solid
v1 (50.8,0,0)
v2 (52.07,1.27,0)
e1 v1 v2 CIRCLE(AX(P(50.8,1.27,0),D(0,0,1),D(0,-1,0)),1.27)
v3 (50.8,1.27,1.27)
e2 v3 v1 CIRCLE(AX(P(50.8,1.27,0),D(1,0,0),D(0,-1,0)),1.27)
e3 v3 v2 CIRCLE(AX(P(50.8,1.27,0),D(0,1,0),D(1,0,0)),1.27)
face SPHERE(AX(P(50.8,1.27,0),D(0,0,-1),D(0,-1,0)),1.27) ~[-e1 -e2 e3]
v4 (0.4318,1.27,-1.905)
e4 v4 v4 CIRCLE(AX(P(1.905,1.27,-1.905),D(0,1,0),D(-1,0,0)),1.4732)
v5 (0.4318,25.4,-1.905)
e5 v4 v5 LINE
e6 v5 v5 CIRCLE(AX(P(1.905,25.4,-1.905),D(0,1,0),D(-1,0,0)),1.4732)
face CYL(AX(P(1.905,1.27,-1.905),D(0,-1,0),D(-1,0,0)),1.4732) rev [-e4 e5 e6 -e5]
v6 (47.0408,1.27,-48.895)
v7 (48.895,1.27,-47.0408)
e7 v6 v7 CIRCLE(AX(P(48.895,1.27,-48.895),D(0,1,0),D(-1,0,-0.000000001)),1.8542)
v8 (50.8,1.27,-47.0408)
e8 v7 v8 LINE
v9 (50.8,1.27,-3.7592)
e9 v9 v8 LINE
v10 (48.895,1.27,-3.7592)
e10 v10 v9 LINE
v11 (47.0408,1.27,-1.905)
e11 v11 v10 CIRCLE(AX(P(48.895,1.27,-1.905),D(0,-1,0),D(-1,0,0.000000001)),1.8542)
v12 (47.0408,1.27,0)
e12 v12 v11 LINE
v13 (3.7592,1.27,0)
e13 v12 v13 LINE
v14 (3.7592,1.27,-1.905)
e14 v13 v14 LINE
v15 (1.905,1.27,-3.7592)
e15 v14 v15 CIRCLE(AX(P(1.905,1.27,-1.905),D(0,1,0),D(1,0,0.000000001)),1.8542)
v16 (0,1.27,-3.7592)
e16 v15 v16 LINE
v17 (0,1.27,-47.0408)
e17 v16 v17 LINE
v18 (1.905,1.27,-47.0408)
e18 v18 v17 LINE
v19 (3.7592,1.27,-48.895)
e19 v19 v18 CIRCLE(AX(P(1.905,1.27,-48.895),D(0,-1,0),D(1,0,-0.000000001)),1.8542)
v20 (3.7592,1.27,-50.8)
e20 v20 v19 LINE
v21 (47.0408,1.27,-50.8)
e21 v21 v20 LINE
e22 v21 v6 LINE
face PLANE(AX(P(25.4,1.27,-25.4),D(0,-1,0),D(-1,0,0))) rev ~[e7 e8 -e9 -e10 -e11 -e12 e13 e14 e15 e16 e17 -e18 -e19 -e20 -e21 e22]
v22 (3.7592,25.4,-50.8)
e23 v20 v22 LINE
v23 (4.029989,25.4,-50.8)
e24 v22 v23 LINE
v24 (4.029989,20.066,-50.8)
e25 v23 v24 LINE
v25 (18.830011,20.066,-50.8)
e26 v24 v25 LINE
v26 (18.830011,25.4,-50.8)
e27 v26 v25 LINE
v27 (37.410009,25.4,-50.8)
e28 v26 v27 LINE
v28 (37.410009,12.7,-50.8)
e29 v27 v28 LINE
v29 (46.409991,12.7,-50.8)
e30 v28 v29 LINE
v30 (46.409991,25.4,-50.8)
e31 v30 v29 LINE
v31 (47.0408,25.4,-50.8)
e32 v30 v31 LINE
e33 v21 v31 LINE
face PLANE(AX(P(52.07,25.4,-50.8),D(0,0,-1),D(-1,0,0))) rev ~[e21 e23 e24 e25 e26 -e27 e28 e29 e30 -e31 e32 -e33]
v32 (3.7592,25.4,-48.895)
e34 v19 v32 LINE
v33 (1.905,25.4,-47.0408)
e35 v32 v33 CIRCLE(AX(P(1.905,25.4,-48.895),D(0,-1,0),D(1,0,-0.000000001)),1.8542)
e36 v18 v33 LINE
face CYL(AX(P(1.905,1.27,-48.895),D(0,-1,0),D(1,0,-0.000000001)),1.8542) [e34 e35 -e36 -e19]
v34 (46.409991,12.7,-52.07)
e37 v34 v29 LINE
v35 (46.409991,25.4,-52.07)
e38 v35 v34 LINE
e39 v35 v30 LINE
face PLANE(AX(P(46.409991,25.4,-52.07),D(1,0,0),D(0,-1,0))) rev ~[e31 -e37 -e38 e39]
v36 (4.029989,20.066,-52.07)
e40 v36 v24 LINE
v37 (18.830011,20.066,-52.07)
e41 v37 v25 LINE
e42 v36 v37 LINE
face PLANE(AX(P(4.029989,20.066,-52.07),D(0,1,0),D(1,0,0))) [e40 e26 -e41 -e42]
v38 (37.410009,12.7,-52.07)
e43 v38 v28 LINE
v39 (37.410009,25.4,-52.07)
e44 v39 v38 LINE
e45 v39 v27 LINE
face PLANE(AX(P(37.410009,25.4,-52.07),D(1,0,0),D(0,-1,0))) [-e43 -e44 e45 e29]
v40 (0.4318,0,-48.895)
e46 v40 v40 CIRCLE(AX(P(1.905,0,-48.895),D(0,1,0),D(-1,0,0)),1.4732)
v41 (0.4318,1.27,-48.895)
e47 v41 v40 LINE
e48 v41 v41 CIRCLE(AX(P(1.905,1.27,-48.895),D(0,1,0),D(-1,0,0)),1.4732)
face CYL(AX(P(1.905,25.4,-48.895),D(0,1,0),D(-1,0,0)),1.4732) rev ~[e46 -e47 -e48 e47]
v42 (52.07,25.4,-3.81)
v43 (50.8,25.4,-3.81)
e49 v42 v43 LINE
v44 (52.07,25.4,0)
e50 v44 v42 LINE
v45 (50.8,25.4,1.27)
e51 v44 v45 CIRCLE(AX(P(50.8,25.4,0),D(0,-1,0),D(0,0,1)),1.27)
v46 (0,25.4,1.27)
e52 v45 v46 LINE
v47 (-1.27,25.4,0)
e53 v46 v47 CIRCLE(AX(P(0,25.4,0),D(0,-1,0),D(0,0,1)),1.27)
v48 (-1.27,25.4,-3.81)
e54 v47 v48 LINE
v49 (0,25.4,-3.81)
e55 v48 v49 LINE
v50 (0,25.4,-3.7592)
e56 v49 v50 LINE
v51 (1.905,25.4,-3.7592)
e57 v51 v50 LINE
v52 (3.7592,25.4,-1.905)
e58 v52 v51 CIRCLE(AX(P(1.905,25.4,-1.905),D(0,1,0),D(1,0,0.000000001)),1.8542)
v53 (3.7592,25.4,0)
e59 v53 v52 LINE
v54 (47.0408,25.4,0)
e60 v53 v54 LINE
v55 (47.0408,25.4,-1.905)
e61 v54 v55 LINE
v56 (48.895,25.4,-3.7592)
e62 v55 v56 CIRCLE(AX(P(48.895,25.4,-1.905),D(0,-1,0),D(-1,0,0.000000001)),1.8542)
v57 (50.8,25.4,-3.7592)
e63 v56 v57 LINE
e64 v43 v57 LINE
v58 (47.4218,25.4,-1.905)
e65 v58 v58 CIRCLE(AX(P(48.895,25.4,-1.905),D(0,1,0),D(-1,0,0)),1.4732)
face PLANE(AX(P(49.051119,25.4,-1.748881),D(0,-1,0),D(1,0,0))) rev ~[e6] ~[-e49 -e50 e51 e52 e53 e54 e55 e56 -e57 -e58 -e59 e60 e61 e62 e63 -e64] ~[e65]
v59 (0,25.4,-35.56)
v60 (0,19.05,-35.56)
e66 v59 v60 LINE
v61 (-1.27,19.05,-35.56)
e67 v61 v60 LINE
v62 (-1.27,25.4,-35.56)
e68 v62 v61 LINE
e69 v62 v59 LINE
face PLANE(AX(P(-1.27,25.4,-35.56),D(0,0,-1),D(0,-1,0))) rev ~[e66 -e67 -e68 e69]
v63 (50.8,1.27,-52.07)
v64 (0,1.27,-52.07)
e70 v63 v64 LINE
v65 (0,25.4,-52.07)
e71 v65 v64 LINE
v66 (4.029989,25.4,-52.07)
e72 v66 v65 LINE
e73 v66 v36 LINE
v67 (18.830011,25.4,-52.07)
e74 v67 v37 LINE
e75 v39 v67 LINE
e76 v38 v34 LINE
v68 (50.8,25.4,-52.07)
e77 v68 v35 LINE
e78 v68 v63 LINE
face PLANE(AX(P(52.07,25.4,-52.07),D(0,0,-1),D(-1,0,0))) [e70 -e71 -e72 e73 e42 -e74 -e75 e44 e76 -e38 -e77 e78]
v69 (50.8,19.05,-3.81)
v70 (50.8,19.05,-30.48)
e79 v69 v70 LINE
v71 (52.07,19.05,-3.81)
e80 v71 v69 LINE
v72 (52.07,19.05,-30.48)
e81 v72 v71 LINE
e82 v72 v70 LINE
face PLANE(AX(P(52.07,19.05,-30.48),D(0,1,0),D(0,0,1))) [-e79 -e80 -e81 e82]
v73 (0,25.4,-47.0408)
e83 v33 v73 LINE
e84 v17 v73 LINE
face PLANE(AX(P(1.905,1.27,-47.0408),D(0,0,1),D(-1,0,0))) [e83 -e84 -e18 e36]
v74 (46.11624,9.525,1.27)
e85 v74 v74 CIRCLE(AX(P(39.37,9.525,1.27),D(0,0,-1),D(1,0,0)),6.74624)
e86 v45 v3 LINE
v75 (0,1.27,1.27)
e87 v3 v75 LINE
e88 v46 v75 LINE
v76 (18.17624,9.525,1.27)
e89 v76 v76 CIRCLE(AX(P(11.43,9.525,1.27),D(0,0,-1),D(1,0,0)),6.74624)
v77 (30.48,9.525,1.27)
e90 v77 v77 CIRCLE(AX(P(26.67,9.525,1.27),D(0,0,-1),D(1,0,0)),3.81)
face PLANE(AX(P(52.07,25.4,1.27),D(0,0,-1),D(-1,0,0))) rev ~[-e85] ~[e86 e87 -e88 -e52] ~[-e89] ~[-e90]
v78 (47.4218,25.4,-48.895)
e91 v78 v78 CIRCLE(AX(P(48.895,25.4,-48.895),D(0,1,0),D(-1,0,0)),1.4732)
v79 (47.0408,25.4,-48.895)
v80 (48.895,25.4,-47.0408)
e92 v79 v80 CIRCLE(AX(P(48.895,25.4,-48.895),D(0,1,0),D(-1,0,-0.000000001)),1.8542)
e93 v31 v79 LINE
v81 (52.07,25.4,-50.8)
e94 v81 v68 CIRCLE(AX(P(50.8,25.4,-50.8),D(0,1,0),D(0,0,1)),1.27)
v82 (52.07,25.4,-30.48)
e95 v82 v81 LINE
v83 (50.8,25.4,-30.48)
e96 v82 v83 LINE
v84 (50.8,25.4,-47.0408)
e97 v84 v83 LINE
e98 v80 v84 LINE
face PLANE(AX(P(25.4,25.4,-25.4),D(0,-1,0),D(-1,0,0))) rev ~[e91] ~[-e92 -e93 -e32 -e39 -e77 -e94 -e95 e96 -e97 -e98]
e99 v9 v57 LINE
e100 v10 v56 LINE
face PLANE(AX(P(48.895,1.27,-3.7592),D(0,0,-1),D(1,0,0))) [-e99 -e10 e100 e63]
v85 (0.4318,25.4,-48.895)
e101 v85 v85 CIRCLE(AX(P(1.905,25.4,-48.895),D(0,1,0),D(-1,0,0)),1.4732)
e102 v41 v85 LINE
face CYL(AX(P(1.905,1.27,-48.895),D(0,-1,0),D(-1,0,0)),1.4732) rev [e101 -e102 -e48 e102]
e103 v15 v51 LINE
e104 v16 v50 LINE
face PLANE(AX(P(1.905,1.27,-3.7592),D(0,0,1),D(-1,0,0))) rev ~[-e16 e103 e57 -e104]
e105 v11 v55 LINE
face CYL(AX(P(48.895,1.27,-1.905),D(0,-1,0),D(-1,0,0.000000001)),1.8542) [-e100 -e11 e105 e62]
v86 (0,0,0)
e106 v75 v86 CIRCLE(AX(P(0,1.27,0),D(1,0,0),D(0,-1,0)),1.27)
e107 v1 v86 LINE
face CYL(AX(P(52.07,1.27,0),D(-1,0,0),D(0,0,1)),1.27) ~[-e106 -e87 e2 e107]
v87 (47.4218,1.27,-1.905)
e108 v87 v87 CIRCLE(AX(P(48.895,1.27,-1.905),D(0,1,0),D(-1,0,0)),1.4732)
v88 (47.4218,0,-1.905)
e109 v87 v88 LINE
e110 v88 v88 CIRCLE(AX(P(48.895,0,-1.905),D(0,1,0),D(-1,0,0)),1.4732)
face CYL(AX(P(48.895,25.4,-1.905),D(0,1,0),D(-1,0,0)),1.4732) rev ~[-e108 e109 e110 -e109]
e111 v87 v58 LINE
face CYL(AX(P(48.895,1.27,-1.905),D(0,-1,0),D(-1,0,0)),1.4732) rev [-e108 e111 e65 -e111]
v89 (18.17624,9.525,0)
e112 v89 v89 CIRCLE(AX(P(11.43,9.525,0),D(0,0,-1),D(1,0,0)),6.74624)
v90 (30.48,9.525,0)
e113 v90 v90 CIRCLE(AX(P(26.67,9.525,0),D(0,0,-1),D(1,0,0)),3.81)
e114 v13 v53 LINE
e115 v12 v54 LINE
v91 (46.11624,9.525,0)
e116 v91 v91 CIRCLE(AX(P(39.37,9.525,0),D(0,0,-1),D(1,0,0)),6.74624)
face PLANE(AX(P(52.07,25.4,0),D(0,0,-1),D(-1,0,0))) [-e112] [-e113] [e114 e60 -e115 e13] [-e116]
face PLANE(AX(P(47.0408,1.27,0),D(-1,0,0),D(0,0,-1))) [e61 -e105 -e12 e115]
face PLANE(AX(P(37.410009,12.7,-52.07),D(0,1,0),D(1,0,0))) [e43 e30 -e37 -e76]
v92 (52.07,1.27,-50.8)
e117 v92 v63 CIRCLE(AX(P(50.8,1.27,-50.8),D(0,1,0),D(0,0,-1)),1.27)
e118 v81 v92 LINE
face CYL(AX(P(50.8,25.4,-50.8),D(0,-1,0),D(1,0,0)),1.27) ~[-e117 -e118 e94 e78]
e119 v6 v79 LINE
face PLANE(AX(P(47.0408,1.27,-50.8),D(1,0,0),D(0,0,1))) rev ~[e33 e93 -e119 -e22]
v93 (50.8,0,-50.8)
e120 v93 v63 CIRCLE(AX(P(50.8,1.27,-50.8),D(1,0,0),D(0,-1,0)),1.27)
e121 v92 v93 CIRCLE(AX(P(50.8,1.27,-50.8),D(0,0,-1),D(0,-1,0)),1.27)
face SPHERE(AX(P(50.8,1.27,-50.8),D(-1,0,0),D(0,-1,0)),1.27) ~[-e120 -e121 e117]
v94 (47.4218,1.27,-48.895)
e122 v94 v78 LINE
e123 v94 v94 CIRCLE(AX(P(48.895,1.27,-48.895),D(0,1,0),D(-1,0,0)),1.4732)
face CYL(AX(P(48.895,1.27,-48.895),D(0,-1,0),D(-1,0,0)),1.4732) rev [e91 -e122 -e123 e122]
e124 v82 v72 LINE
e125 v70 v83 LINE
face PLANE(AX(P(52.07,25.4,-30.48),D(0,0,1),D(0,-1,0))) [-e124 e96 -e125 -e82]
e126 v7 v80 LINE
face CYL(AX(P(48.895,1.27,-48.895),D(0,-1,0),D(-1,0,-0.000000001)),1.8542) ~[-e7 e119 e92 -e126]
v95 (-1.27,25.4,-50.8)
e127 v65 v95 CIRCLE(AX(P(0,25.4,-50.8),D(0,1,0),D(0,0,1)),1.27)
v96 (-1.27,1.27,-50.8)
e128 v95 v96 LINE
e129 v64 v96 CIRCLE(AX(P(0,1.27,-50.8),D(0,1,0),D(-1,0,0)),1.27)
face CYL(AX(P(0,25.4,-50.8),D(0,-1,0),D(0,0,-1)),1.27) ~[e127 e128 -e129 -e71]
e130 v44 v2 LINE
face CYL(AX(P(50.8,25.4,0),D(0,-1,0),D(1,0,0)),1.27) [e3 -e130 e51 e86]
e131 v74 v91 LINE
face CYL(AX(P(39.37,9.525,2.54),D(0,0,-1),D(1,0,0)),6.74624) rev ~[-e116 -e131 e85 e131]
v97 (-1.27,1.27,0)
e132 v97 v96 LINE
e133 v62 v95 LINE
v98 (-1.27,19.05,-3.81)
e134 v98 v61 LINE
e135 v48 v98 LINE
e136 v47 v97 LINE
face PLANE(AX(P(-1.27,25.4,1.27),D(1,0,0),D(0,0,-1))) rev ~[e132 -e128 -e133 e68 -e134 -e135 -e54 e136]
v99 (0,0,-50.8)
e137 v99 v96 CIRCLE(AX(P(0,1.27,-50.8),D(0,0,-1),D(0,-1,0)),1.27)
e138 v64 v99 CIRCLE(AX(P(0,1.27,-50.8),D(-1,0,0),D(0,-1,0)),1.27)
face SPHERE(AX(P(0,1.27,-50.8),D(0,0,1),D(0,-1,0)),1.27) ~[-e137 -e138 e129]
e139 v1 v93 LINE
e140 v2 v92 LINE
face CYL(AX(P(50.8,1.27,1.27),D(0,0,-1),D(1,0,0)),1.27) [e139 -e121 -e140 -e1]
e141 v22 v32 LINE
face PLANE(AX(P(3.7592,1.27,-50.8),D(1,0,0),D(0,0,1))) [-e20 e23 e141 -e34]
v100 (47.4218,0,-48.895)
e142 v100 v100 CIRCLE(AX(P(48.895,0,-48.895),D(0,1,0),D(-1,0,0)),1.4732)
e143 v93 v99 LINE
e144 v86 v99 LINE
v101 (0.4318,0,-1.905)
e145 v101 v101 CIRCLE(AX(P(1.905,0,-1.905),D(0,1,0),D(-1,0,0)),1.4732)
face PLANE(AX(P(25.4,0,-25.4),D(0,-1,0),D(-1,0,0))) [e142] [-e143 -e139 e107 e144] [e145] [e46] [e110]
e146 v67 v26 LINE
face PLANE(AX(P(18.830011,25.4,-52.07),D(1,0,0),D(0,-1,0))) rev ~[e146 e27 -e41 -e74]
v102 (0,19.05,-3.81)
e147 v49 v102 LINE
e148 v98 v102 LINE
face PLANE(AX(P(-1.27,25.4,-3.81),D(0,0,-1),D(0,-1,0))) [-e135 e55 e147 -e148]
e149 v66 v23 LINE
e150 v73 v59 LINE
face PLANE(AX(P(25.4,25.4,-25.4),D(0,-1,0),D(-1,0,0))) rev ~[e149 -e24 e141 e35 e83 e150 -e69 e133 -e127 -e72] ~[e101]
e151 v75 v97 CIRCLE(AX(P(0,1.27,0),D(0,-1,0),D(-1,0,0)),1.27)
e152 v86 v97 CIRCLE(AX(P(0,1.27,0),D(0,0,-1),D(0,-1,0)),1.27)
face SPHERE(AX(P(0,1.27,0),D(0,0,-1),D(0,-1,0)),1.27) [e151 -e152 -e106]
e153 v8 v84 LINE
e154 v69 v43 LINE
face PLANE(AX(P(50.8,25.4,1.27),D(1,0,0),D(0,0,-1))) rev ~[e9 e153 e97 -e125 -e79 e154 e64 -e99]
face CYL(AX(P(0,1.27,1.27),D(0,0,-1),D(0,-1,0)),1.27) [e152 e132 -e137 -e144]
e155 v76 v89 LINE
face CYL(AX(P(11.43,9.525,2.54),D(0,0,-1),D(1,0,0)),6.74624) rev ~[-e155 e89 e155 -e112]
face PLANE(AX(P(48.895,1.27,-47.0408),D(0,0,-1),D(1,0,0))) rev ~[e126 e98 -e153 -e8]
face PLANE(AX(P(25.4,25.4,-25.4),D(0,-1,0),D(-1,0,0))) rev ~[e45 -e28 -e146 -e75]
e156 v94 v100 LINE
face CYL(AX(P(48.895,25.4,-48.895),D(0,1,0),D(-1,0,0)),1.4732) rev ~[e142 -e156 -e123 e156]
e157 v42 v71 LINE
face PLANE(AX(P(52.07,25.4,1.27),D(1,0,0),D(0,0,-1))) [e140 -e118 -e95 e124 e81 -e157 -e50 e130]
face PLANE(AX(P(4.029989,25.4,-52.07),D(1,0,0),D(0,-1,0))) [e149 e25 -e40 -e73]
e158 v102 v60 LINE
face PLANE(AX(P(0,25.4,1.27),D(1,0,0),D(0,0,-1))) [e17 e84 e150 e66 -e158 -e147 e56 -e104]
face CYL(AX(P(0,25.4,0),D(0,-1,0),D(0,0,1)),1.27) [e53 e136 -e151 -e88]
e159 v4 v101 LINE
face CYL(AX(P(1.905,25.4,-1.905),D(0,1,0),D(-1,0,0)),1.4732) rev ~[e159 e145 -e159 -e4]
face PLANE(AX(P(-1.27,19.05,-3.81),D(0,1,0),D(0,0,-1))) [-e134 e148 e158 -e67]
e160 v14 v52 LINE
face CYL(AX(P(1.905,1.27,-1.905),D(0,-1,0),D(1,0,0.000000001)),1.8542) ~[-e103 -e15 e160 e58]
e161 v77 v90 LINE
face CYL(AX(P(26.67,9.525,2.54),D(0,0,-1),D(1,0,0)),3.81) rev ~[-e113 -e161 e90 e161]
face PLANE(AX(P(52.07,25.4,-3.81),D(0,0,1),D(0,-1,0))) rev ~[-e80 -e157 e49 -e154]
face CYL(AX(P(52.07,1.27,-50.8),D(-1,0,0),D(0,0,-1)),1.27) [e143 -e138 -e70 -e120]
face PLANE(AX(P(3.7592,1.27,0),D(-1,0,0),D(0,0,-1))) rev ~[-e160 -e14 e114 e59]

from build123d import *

# Parameters (mm, degrees)
SKETCH4_W                        = 53.34
SKETCH4_H                        = 53.34
BOSS_EXTRUDE2_DEPTH              = 25.4
SHELL1_T                         = -1.27
SKETCH13_W                       = 14.8000212
SKETCH13_H                       = 5.334
SKETCH13_W_2                     = 8.999982
SKETCH13_H_2                     = 12.7
CUT_EXTRUDE5_DEPTH               = 1.27
F_1_2_CLEARANCE_HOLE2_D          = 13.49248
F_1_2_CLEARANCE_HOLE2_DEPTH      = 1.27
F_97_0_0059_DIAMETER_HOLE1_D     = 7.62
F_97_0_0059_DIAMETER_HOLE1_DEPTH = 1.27
FILLET2_R                        = 1.27
CUT_EXTRUDE6_REACH               = 55.34
SKETCH24_W                       = 31.75
SKETCH24_H                       = 6.35
CUT_EXTRUDE7_REACH               = 55.34
SKETCH26_W                       = 26.67
SKETCH26_H                       = 6.35
SKETCH27_R                       = 1.4732
BOSS_EXTRUDE3_DEPTH              = 24.13
SKETCH28_R                       = 1.4732
CUT_EXTRUDE8_DEPTH               = 26.4
BODY_MOVE_COPY1_ANGLE            = 180


with BuildPart() as part:
    # Sketch4 → Boss-Extrude2 (new body)
    with BuildSketch(Plane(origin=(0, 0, 0), x_dir=(1, 0, 0), z_dir=(0, 1, 0))):
        with Locations((25.4, 25.4)):
            Rectangle(SKETCH4_W, SKETCH4_H)
    extrude(amount=BOSS_EXTRUDE2_DEPTH)

    # Shell1
    shell1_openings = [part.faces().sort_by_distance(p)[0] for p in [
        (25.4, 0, -25.4),
    ]]
    offset(amount=SHELL1_T, openings=shell1_openings, kind=Kind.INTERSECTION)

    # Sketch13 → Cut-Extrude5 (cut)
    with BuildSketch(Plane(origin=(0, 0, -52.07), x_dir=(-1, 0, 0), z_dir=(0, 0, -1))):
        with Locations((-39.37, 2.667)):
            Rectangle(SKETCH13_W, SKETCH13_H)
        with Locations((-8.89, 6.35)):
            Rectangle(SKETCH13_W_2, SKETCH13_H_2)
    extrude(amount=-CUT_EXTRUDE5_DEPTH, mode=Mode.SUBTRACT)

    # 1/2 Clearance Hole2
    with Locations(Plane.XY.offset(1.27)):
        with Locations((11.43, 15.875), (39.37, 15.875)):
            Hole(F_1_2_CLEARANCE_HOLE2_D / 2, depth=F_1_2_CLEARANCE_HOLE2_DEPTH)

    # #97 (0.0059) Diameter Hole1
    with Locations(Plane.XY.offset(1.27)):
        with Locations((24.13, 15.875)):
            Hole(F_97_0_0059_DIAMETER_HOLE1_D / 2, depth=F_97_0_0059_DIAMETER_HOLE1_DEPTH)

    # Fillet2
    fillet2_edges = [part.edges().sort_by_distance(p)[0] for p in [
        (52.07, 25.4, -25.4),
        (25.4, 25.4, -52.07),
        (-1.27, 25.4, -25.4),
        (25.4, 25.4, 1.27),
        (-1.27, 12.7, -52.07),
        (52.07, 12.7, -52.07),
        (52.07, 12.7, 1.27),
        (-1.27, 12.7, 1.27),
    ]]
    fillet(fillet2_edges, radius=FILLET2_R)

    # Sketch24 → Cut-Extrude6 (cut, up to next)
    with BuildSketch(Plane(origin=(52.07, 0, 0), x_dir=(0, 0, -1), z_dir=(1, 0, 0)), mode=Mode.PRIVATE) as cut_extrude6_sk1:
        with Locations((19.685, 3.175)):
            Rectangle(SKETCH24_W, SKETCH24_H)
    cut_extrude6_tool1 = extrude(cut_extrude6_sk1.sketch, amount=-CUT_EXTRUDE6_REACH, mode=Mode.PRIVATE) & part.part
    add(cut_extrude6_tool1.solids().sort_by_distance((52.07, 3.175, -19.685))[0], mode=Mode.SUBTRACT)

    # Sketch26 → Cut-Extrude7 (cut, up to next)
    with BuildSketch(Plane.ZY.offset(1.27), mode=Mode.PRIVATE) as cut_extrude7_sk1:
        with Locations((-17.145, 3.175)):
            Rectangle(SKETCH26_W, SKETCH26_H)
    cut_extrude7_tool1 = extrude(cut_extrude7_sk1.sketch, amount=-CUT_EXTRUDE7_REACH, mode=Mode.PRIVATE) & part.part
    add(cut_extrude7_tool1.solids().sort_by_distance((-1.27, 3.175, -17.145))[0], mode=Mode.SUBTRACT)

    # Sketch27 → Boss-Extrude3 (add)
    with BuildSketch(Plane.XZ.offset(-24.13)):
        with BuildLine():
            Line((1.905, -3.7592), (0, -3.7592))
            Line((0, -3.7592), (0, 0))
            Line((0, 0), (3.7592, 0))
            Line((3.7592, 0), (3.7592, -1.905))
            ThreePointArc((3.7592, -1.905), (3.216117394, -3.216117394), (1.905, -3.7592))
        make_face()
        with Locations((1.905, -1.905)):
            Circle(SKETCH27_R, mode=Mode.SUBTRACT)
        with BuildLine():
            Line((0, -47.0408), (0, -50.8))
            Line((0, -50.8), (3.7592, -50.8))
            Line((3.7592, -50.8), (3.7592, -48.895))
            ThreePointArc((3.7592, -48.895), (3.216117394, -47.583882606), (1.905, -47.0408))
            Line((1.905, -47.0408), (0, -47.0408))
        make_face()
        with Locations((1.905, -48.895)):
            Circle(SKETCH27_R, mode=Mode.SUBTRACT)
        with BuildLine():
            Line((50.8, -50.8), (47.0408, -50.8))
            Line((47.0408, -50.8), (47.0408, -48.895))
            ThreePointArc((47.0408, -48.895), (47.583882606, -47.583882606), (48.895, -47.0408))
            Line((48.895, -47.0408), (50.8, -47.0408))
            Line((50.8, -47.0408), (50.8, -50.8))
        make_face()
        with Locations((48.895, -48.895)):
            Circle(SKETCH27_R, mode=Mode.SUBTRACT)
        with BuildLine():
            Line((47.0408, 0), (47.0408, -1.905))
            ThreePointArc((47.0408, -1.905), (47.583882606, -3.216117394), (48.895, -3.7592))
            Line((48.895, -3.7592), (50.8, -3.7592))
            Line((50.8, -3.7592), (50.8, 0))
            Line((50.8, 0), (47.0408, 0))
        make_face()
        with Locations((48.895, -1.905)):
            Circle(SKETCH27_R, mode=Mode.SUBTRACT)
    extrude(amount=BOSS_EXTRUDE3_DEPTH)

    # Sketch28 → Cut-Extrude8 (cut, through all)
    with BuildSketch(Plane.XZ):
        with Locations((48.895, -1.905)):
            Circle(SKETCH28_R)
        with Locations((1.905, -1.905)):
            Circle(SKETCH28_R)
        with Locations((1.905, -48.895)):
            Circle(SKETCH28_R)
        with Locations((48.895, -48.895)):
            Circle(SKETCH28_R)
    extrude(amount=-CUT_EXTRUDE8_DEPTH, mode=Mode.SUBTRACT)


with BuildPart() as part_1:
    # Body-Move/Copy1: moved
    add(part.part.rotate(Axis((25.4, 12.7, 0), (0, 0, 1)), BODY_MOVE_COPY1_ANGLE))


solid = part_1.part
